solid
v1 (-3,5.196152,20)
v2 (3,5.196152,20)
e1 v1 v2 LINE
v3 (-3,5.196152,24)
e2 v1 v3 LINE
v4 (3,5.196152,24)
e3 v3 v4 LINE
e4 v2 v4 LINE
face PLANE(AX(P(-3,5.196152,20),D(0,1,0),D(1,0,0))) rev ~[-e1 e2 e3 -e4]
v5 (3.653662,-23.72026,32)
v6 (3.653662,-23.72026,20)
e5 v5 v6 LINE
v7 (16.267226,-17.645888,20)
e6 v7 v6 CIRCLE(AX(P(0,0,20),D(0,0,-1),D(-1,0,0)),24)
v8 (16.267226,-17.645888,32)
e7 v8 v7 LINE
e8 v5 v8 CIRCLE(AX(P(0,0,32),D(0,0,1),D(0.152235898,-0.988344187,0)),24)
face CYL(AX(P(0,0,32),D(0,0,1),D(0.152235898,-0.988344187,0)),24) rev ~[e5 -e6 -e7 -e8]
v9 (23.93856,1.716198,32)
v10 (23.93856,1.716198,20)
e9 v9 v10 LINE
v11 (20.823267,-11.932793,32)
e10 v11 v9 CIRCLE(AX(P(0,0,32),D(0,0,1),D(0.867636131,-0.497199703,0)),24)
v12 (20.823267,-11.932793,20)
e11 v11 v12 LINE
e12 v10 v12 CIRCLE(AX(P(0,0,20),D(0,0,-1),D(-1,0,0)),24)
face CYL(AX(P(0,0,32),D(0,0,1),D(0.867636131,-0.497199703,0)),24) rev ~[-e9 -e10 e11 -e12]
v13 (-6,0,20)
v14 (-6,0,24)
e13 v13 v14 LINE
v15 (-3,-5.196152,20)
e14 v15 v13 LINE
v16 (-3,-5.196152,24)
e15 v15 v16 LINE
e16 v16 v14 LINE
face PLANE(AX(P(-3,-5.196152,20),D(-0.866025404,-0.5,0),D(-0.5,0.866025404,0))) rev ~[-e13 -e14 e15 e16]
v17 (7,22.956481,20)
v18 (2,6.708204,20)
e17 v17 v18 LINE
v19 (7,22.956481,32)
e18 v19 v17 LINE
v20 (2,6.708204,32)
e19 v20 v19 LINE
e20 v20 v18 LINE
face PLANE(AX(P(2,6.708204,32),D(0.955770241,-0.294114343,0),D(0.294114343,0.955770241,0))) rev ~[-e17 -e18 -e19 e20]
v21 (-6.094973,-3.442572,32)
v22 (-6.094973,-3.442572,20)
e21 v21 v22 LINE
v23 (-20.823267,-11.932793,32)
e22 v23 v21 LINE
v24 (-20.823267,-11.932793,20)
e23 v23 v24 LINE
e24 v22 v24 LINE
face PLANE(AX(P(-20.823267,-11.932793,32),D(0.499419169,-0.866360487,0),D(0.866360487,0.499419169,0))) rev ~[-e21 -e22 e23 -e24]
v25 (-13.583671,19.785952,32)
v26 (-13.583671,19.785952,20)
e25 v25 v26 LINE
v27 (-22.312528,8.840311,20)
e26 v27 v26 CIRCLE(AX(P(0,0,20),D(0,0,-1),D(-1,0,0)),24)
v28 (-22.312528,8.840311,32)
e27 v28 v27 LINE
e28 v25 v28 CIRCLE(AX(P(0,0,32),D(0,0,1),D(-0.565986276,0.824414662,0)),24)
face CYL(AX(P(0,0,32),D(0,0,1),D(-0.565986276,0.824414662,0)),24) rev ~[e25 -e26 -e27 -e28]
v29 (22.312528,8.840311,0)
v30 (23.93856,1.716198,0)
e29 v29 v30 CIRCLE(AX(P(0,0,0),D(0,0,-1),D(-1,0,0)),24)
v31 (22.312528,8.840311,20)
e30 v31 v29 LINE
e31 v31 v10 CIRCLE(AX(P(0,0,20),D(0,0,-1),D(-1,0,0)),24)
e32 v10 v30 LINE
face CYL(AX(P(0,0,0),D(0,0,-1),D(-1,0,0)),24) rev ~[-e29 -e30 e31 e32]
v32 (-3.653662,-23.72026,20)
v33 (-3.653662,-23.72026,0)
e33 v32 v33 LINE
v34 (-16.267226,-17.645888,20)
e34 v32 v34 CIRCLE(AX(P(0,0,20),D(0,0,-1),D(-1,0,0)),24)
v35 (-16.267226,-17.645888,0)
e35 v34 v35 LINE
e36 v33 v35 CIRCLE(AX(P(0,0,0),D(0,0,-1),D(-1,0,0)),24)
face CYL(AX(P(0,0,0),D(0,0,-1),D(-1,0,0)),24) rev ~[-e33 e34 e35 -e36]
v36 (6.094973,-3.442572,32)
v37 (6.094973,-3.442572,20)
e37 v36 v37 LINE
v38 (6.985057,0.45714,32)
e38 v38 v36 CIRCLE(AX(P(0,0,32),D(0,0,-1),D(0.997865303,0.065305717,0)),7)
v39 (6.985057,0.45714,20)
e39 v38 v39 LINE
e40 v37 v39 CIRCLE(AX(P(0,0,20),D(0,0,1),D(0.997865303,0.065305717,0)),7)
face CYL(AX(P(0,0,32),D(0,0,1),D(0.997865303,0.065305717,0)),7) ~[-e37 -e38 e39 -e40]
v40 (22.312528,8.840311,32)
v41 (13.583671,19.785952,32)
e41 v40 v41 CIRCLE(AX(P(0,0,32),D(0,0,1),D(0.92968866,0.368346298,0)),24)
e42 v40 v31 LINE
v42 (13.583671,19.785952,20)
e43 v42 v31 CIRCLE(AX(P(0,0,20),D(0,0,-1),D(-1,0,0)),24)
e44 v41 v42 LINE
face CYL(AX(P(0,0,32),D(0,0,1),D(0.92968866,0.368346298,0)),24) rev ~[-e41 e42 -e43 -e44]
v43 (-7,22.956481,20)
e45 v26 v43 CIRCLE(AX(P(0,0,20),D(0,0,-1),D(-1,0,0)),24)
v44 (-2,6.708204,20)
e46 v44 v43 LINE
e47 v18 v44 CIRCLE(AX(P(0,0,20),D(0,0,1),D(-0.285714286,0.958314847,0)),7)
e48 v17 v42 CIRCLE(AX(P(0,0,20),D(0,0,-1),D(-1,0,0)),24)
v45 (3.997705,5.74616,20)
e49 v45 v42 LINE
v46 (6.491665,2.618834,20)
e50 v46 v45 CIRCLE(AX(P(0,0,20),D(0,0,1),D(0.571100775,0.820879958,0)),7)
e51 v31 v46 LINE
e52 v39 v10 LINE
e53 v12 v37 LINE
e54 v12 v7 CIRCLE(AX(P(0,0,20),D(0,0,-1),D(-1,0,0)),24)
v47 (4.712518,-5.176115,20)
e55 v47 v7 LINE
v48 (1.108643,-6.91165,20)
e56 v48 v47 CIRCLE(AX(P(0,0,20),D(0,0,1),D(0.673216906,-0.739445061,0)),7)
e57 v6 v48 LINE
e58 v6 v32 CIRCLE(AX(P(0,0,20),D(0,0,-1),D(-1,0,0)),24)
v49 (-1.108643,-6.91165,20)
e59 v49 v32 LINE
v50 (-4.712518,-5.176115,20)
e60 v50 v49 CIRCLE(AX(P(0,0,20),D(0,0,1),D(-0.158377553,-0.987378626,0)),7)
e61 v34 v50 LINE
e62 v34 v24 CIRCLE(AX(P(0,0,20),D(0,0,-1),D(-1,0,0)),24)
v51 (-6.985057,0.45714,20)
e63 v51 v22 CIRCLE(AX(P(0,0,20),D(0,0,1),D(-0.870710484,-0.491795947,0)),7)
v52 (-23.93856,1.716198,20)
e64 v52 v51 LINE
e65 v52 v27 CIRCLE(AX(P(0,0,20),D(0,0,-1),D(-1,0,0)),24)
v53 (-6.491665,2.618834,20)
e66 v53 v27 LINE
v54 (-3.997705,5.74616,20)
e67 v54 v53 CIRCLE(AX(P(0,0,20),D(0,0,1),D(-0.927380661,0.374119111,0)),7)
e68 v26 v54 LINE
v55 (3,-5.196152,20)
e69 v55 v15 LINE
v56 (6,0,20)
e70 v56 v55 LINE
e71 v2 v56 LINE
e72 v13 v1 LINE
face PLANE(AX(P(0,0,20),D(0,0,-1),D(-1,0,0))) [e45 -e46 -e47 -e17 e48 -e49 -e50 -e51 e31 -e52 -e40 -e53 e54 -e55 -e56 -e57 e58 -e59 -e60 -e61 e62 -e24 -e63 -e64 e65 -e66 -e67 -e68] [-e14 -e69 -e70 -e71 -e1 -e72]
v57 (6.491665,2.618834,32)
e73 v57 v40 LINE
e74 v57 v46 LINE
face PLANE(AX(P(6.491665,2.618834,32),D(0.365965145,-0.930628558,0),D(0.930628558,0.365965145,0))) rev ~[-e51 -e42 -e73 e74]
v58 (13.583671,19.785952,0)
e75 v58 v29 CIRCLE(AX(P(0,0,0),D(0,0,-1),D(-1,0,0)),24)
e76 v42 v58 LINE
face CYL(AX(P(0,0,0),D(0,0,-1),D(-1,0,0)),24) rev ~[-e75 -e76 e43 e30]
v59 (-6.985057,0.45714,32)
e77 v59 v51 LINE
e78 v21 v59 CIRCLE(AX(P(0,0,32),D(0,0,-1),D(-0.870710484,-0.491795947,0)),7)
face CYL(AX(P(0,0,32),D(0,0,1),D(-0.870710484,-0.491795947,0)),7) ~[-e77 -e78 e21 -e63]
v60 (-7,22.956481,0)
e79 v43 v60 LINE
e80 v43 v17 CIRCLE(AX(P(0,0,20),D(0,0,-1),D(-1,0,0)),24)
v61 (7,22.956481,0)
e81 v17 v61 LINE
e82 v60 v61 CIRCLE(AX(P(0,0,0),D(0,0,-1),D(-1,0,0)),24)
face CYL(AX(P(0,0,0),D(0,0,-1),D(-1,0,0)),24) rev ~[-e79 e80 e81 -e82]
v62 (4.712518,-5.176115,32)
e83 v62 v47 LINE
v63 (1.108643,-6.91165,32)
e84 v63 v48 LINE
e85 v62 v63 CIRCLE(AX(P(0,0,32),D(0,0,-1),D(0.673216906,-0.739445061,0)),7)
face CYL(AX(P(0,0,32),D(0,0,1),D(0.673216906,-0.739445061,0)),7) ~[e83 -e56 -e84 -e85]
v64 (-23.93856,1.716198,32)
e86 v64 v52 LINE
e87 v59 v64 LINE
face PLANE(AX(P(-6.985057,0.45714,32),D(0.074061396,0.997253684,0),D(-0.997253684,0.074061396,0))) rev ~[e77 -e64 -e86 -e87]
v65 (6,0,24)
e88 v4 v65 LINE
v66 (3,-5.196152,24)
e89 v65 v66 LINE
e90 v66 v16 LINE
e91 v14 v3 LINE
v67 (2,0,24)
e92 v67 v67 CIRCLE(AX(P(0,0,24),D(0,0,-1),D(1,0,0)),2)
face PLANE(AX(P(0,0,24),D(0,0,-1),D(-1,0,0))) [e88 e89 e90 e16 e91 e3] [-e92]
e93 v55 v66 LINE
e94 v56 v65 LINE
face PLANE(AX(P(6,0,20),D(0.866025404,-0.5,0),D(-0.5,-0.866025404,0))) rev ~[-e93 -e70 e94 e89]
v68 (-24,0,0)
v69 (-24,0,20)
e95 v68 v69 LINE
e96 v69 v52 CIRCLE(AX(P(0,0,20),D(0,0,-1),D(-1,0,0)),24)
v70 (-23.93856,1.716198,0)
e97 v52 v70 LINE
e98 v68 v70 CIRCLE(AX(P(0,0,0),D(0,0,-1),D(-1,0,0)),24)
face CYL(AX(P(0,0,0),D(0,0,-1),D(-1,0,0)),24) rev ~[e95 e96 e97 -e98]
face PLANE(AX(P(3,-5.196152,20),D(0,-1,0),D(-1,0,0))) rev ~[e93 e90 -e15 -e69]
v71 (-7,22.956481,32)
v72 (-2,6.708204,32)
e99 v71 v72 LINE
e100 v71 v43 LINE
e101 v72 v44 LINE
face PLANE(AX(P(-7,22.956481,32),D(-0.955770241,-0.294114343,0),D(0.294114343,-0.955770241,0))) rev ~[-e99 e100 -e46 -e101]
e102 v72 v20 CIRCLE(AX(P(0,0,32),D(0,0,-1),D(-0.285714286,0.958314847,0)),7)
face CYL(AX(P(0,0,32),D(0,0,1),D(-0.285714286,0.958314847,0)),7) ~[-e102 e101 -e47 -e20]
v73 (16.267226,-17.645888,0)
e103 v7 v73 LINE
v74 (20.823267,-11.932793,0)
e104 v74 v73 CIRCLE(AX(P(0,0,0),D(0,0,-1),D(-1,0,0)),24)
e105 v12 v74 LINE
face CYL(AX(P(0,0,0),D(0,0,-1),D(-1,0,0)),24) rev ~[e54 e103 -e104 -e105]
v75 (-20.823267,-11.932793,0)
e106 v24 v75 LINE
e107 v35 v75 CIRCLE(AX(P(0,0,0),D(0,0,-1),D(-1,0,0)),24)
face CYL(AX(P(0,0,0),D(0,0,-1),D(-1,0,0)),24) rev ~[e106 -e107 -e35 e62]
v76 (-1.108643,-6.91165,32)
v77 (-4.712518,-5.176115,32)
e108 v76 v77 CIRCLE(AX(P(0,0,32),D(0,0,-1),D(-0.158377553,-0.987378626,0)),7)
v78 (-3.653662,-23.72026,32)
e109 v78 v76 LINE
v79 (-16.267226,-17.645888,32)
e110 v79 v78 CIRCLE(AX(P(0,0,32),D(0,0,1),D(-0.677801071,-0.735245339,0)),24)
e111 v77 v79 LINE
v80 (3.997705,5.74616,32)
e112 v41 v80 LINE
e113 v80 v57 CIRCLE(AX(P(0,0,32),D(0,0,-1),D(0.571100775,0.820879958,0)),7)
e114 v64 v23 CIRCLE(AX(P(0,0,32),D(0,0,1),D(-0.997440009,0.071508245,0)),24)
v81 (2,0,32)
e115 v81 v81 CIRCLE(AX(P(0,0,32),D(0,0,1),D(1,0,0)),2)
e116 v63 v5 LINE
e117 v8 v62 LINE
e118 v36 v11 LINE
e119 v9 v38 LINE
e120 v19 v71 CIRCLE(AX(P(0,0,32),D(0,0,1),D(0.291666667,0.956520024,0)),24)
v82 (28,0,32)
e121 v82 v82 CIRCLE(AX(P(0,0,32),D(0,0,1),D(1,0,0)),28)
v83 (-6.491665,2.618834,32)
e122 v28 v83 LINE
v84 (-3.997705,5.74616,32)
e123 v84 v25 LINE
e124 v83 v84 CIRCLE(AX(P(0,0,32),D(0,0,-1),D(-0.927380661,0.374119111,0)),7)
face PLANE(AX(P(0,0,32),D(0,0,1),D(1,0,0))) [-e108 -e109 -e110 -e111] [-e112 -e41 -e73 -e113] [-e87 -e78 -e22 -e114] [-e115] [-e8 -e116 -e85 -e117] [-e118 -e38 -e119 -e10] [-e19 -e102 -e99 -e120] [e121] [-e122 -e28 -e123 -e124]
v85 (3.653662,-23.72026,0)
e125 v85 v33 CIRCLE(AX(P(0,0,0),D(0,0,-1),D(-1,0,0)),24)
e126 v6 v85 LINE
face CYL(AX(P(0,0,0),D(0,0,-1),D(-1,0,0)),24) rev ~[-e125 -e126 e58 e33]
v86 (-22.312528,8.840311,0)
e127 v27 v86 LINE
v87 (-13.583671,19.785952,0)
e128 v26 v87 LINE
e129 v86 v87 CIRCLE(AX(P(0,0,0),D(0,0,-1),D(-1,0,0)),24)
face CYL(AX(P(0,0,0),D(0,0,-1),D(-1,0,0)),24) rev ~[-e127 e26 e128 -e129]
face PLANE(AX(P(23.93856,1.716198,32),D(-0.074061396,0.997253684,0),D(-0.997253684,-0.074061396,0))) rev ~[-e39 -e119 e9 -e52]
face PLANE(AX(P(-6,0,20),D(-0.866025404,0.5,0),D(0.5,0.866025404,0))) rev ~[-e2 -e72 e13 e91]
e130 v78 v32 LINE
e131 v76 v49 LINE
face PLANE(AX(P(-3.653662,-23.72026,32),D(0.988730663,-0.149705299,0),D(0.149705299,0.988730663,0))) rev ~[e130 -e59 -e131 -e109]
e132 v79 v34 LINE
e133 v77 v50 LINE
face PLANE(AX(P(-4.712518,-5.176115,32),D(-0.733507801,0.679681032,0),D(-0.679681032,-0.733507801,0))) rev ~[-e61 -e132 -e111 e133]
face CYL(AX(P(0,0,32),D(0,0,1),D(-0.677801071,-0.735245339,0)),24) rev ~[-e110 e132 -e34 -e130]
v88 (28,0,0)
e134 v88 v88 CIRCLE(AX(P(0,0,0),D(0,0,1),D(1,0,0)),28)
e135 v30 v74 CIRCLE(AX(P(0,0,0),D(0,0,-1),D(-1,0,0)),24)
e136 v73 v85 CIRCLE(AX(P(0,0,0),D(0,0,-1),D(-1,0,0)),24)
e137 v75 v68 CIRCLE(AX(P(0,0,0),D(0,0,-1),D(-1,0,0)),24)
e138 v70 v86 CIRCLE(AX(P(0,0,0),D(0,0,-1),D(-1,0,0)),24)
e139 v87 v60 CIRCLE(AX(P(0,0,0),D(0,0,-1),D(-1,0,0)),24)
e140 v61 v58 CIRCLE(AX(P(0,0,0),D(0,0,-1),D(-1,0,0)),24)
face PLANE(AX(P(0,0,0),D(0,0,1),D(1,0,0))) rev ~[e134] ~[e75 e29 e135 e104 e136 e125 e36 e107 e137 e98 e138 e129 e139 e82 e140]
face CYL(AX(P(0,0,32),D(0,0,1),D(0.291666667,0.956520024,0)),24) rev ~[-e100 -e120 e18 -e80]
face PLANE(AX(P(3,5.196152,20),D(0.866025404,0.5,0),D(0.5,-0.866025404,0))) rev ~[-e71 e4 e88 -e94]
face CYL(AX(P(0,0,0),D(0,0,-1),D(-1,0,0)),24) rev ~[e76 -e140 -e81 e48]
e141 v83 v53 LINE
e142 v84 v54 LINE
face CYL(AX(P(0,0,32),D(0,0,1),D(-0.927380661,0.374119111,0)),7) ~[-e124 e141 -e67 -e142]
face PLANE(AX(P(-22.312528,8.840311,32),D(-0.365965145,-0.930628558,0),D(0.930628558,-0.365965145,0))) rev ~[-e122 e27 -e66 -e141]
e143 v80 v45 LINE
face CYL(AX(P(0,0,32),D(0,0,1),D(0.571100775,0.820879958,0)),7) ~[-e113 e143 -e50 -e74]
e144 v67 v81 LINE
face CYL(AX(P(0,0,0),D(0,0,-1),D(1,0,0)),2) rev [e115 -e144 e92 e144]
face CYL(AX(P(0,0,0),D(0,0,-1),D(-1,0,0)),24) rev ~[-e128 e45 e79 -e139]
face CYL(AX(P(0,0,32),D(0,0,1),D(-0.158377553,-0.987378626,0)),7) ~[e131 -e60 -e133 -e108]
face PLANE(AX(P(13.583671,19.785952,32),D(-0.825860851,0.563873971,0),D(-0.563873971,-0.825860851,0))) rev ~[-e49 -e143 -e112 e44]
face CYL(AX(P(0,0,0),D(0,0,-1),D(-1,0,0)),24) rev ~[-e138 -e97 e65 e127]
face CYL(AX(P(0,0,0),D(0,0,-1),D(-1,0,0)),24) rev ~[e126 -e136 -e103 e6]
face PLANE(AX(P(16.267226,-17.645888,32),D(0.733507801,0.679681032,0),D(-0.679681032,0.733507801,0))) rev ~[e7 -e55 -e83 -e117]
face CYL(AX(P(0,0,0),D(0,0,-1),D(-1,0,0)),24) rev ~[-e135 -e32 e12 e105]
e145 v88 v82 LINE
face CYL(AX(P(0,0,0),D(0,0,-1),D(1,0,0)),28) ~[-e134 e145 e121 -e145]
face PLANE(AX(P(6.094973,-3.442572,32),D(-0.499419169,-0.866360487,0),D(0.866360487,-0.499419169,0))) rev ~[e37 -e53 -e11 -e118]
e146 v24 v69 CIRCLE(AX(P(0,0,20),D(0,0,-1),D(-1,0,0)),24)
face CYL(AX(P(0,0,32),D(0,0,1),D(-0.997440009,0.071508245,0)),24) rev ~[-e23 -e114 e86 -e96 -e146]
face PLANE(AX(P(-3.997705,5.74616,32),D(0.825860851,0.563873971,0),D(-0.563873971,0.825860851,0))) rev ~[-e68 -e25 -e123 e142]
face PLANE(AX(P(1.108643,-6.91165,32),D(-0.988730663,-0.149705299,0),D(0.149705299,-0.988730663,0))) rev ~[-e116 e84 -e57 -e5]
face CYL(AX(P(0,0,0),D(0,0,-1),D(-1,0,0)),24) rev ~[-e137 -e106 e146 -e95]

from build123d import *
from build123d.topology import SkipClean

# Parameters (mm, degrees)
SKETCH1_R           = 28
SKETCH1_R_2         = 2
BOSS_EXTRUDE1_DEPTH = 32
SKETCH2_R           = 24
CUT_EXTRUDE1_DEPTH  = 20
CUT_EXTRUDE2_DEPTH  = 4
CUT_EXTRUDE4_DEPTH  = 51.911688245


with BuildPart() as part:
    # Sketch1 → Boss-Extrude1 (new body)
    with BuildSketch(Plane.XY):
        Circle(SKETCH1_R)
        Circle(SKETCH1_R_2, mode=Mode.SUBTRACT)
    extrude(amount=BOSS_EXTRUDE1_DEPTH)

    # Sketch2 → Cut-Extrude1 (cut)
    with BuildSketch(Plane(origin=(0, 0, 0), x_dir=(-1, 0, 0), z_dir=(0, 0, -1))):
        Circle(SKETCH2_R)
    extrude(amount=-CUT_EXTRUDE1_DEPTH, mode=Mode.SUBTRACT)

    # Sketch3 → Cut-Extrude2 (cut)
    with BuildSketch(Plane(origin=(0, 0, 20), x_dir=(-1, 0, 0), z_dir=(0, 0, -1))):
        Polygon((6, 0), (3, 5.196152423), (-3, 5.196152423), (-6, 0), (-3, -5.196152423), (3, -5.196152423), align=None)
    extrude(amount=-CUT_EXTRUDE2_DEPTH, mode=Mode.SUBTRACT)

    # Sketch5 → Cut-Extrude4 (cut, through all)
    with SkipClean():  # the faces are left unmerged after this step: merging them gives an invalid solid
        with BuildSketch(Plane.XY.offset(32)):
            with BuildLine():
                Line((-7, 22.956480566), (-2, 6.708203932))
                ThreePointArc((-2, 6.708203932), (0, 7), (2, 6.708203932))
                Line((2, 6.708203932), (7, 22.956480566))
                ThreePointArc((7, 22.956480566), (0, 24), (-7, 22.956480566))
            make_face()
            with BuildLine():
                Line((13.583670621, 19.785951897), (3.997705422, 5.746159706))
                ThreePointArc((3.997705422, 5.746159706), (5.472820377, 4.364428613), (6.491664629, 2.618833776))
                Line((6.491664629, 2.618833776), (22.312527847, 8.840311143))
                ThreePointArc((22.312527847, 8.840311143), (18.763955579, 14.963755245), (13.583670621, 19.785951897))
            make_face()
            with BuildLine():
                Line((23.938560207, 1.716197889), (6.985057122, 0.45714002))
                ThreePointArc((6.985057122, 0.45714002), (6.824495385, -1.557646538), (6.094973386, -3.442571629))
                Line((6.094973386, -3.442571629), (20.823267132, -11.932792881))
                ThreePointArc((20.823267132, -11.932792881), (23.398269892, -5.340502415), (23.938560207, 1.716197889))
            make_face()
            with BuildLine():
                Line((16.2672257, -17.645888133), (4.712518341, -5.176115424))
                ThreePointArc((4.712518341, -5.176115424), (3.037186174, -6.306782075), (1.108642869, -6.911650381))
                Line((1.108642869, -6.911650381), (3.65366155, -23.720260481))
                ThreePointArc((3.65366155, -23.720260481), (10.413209739, -21.62325283), (16.2672257, -17.645888133))
            make_face()
            with BuildLine():
                Line((-3.65366155, -23.720260481), (-1.108642869, -6.911650381))
                ThreePointArc((-1.108642869, -6.911650381), (-3.037186174, -6.306782075), (-4.712518341, -5.176115424))
                Line((-4.712518341, -5.176115424), (-16.2672257, -17.645888133))
                ThreePointArc((-16.2672257, -17.645888133), (-10.413209739, -21.62325283), (-3.65366155, -23.720260481))
            make_face()
            with BuildLine():
                Line((-20.823267132, -11.932792881), (-6.094973386, -3.442571629))
                ThreePointArc((-6.094973386, -3.442571629), (-6.824495385, -1.557646538), (-6.985057122, 0.45714002))
                Line((-6.985057122, 0.45714002), (-23.938560207, 1.716197889))
                ThreePointArc((-23.938560207, 1.716197889), (-23.398269892, -5.340502415), (-20.823267132, -11.932792881))
            make_face()
            with BuildLine():
                Line((-22.312527847, 8.840311143), (-6.491664629, 2.618833776))
                ThreePointArc((-6.491664629, 2.618833776), (-5.472820377, 4.364428613), (-3.997705422, 5.746159706))
                Line((-3.997705422, 5.746159706), (-13.583670621, 19.785951897))
                ThreePointArc((-13.583670621, 19.785951897), (-18.763955579, 14.963755245), (-22.312527847, 8.840311143))
            make_face()
        extrude(amount=-CUT_EXTRUDE4_DEPTH, mode=Mode.SUBTRACT)


solid = part.part
